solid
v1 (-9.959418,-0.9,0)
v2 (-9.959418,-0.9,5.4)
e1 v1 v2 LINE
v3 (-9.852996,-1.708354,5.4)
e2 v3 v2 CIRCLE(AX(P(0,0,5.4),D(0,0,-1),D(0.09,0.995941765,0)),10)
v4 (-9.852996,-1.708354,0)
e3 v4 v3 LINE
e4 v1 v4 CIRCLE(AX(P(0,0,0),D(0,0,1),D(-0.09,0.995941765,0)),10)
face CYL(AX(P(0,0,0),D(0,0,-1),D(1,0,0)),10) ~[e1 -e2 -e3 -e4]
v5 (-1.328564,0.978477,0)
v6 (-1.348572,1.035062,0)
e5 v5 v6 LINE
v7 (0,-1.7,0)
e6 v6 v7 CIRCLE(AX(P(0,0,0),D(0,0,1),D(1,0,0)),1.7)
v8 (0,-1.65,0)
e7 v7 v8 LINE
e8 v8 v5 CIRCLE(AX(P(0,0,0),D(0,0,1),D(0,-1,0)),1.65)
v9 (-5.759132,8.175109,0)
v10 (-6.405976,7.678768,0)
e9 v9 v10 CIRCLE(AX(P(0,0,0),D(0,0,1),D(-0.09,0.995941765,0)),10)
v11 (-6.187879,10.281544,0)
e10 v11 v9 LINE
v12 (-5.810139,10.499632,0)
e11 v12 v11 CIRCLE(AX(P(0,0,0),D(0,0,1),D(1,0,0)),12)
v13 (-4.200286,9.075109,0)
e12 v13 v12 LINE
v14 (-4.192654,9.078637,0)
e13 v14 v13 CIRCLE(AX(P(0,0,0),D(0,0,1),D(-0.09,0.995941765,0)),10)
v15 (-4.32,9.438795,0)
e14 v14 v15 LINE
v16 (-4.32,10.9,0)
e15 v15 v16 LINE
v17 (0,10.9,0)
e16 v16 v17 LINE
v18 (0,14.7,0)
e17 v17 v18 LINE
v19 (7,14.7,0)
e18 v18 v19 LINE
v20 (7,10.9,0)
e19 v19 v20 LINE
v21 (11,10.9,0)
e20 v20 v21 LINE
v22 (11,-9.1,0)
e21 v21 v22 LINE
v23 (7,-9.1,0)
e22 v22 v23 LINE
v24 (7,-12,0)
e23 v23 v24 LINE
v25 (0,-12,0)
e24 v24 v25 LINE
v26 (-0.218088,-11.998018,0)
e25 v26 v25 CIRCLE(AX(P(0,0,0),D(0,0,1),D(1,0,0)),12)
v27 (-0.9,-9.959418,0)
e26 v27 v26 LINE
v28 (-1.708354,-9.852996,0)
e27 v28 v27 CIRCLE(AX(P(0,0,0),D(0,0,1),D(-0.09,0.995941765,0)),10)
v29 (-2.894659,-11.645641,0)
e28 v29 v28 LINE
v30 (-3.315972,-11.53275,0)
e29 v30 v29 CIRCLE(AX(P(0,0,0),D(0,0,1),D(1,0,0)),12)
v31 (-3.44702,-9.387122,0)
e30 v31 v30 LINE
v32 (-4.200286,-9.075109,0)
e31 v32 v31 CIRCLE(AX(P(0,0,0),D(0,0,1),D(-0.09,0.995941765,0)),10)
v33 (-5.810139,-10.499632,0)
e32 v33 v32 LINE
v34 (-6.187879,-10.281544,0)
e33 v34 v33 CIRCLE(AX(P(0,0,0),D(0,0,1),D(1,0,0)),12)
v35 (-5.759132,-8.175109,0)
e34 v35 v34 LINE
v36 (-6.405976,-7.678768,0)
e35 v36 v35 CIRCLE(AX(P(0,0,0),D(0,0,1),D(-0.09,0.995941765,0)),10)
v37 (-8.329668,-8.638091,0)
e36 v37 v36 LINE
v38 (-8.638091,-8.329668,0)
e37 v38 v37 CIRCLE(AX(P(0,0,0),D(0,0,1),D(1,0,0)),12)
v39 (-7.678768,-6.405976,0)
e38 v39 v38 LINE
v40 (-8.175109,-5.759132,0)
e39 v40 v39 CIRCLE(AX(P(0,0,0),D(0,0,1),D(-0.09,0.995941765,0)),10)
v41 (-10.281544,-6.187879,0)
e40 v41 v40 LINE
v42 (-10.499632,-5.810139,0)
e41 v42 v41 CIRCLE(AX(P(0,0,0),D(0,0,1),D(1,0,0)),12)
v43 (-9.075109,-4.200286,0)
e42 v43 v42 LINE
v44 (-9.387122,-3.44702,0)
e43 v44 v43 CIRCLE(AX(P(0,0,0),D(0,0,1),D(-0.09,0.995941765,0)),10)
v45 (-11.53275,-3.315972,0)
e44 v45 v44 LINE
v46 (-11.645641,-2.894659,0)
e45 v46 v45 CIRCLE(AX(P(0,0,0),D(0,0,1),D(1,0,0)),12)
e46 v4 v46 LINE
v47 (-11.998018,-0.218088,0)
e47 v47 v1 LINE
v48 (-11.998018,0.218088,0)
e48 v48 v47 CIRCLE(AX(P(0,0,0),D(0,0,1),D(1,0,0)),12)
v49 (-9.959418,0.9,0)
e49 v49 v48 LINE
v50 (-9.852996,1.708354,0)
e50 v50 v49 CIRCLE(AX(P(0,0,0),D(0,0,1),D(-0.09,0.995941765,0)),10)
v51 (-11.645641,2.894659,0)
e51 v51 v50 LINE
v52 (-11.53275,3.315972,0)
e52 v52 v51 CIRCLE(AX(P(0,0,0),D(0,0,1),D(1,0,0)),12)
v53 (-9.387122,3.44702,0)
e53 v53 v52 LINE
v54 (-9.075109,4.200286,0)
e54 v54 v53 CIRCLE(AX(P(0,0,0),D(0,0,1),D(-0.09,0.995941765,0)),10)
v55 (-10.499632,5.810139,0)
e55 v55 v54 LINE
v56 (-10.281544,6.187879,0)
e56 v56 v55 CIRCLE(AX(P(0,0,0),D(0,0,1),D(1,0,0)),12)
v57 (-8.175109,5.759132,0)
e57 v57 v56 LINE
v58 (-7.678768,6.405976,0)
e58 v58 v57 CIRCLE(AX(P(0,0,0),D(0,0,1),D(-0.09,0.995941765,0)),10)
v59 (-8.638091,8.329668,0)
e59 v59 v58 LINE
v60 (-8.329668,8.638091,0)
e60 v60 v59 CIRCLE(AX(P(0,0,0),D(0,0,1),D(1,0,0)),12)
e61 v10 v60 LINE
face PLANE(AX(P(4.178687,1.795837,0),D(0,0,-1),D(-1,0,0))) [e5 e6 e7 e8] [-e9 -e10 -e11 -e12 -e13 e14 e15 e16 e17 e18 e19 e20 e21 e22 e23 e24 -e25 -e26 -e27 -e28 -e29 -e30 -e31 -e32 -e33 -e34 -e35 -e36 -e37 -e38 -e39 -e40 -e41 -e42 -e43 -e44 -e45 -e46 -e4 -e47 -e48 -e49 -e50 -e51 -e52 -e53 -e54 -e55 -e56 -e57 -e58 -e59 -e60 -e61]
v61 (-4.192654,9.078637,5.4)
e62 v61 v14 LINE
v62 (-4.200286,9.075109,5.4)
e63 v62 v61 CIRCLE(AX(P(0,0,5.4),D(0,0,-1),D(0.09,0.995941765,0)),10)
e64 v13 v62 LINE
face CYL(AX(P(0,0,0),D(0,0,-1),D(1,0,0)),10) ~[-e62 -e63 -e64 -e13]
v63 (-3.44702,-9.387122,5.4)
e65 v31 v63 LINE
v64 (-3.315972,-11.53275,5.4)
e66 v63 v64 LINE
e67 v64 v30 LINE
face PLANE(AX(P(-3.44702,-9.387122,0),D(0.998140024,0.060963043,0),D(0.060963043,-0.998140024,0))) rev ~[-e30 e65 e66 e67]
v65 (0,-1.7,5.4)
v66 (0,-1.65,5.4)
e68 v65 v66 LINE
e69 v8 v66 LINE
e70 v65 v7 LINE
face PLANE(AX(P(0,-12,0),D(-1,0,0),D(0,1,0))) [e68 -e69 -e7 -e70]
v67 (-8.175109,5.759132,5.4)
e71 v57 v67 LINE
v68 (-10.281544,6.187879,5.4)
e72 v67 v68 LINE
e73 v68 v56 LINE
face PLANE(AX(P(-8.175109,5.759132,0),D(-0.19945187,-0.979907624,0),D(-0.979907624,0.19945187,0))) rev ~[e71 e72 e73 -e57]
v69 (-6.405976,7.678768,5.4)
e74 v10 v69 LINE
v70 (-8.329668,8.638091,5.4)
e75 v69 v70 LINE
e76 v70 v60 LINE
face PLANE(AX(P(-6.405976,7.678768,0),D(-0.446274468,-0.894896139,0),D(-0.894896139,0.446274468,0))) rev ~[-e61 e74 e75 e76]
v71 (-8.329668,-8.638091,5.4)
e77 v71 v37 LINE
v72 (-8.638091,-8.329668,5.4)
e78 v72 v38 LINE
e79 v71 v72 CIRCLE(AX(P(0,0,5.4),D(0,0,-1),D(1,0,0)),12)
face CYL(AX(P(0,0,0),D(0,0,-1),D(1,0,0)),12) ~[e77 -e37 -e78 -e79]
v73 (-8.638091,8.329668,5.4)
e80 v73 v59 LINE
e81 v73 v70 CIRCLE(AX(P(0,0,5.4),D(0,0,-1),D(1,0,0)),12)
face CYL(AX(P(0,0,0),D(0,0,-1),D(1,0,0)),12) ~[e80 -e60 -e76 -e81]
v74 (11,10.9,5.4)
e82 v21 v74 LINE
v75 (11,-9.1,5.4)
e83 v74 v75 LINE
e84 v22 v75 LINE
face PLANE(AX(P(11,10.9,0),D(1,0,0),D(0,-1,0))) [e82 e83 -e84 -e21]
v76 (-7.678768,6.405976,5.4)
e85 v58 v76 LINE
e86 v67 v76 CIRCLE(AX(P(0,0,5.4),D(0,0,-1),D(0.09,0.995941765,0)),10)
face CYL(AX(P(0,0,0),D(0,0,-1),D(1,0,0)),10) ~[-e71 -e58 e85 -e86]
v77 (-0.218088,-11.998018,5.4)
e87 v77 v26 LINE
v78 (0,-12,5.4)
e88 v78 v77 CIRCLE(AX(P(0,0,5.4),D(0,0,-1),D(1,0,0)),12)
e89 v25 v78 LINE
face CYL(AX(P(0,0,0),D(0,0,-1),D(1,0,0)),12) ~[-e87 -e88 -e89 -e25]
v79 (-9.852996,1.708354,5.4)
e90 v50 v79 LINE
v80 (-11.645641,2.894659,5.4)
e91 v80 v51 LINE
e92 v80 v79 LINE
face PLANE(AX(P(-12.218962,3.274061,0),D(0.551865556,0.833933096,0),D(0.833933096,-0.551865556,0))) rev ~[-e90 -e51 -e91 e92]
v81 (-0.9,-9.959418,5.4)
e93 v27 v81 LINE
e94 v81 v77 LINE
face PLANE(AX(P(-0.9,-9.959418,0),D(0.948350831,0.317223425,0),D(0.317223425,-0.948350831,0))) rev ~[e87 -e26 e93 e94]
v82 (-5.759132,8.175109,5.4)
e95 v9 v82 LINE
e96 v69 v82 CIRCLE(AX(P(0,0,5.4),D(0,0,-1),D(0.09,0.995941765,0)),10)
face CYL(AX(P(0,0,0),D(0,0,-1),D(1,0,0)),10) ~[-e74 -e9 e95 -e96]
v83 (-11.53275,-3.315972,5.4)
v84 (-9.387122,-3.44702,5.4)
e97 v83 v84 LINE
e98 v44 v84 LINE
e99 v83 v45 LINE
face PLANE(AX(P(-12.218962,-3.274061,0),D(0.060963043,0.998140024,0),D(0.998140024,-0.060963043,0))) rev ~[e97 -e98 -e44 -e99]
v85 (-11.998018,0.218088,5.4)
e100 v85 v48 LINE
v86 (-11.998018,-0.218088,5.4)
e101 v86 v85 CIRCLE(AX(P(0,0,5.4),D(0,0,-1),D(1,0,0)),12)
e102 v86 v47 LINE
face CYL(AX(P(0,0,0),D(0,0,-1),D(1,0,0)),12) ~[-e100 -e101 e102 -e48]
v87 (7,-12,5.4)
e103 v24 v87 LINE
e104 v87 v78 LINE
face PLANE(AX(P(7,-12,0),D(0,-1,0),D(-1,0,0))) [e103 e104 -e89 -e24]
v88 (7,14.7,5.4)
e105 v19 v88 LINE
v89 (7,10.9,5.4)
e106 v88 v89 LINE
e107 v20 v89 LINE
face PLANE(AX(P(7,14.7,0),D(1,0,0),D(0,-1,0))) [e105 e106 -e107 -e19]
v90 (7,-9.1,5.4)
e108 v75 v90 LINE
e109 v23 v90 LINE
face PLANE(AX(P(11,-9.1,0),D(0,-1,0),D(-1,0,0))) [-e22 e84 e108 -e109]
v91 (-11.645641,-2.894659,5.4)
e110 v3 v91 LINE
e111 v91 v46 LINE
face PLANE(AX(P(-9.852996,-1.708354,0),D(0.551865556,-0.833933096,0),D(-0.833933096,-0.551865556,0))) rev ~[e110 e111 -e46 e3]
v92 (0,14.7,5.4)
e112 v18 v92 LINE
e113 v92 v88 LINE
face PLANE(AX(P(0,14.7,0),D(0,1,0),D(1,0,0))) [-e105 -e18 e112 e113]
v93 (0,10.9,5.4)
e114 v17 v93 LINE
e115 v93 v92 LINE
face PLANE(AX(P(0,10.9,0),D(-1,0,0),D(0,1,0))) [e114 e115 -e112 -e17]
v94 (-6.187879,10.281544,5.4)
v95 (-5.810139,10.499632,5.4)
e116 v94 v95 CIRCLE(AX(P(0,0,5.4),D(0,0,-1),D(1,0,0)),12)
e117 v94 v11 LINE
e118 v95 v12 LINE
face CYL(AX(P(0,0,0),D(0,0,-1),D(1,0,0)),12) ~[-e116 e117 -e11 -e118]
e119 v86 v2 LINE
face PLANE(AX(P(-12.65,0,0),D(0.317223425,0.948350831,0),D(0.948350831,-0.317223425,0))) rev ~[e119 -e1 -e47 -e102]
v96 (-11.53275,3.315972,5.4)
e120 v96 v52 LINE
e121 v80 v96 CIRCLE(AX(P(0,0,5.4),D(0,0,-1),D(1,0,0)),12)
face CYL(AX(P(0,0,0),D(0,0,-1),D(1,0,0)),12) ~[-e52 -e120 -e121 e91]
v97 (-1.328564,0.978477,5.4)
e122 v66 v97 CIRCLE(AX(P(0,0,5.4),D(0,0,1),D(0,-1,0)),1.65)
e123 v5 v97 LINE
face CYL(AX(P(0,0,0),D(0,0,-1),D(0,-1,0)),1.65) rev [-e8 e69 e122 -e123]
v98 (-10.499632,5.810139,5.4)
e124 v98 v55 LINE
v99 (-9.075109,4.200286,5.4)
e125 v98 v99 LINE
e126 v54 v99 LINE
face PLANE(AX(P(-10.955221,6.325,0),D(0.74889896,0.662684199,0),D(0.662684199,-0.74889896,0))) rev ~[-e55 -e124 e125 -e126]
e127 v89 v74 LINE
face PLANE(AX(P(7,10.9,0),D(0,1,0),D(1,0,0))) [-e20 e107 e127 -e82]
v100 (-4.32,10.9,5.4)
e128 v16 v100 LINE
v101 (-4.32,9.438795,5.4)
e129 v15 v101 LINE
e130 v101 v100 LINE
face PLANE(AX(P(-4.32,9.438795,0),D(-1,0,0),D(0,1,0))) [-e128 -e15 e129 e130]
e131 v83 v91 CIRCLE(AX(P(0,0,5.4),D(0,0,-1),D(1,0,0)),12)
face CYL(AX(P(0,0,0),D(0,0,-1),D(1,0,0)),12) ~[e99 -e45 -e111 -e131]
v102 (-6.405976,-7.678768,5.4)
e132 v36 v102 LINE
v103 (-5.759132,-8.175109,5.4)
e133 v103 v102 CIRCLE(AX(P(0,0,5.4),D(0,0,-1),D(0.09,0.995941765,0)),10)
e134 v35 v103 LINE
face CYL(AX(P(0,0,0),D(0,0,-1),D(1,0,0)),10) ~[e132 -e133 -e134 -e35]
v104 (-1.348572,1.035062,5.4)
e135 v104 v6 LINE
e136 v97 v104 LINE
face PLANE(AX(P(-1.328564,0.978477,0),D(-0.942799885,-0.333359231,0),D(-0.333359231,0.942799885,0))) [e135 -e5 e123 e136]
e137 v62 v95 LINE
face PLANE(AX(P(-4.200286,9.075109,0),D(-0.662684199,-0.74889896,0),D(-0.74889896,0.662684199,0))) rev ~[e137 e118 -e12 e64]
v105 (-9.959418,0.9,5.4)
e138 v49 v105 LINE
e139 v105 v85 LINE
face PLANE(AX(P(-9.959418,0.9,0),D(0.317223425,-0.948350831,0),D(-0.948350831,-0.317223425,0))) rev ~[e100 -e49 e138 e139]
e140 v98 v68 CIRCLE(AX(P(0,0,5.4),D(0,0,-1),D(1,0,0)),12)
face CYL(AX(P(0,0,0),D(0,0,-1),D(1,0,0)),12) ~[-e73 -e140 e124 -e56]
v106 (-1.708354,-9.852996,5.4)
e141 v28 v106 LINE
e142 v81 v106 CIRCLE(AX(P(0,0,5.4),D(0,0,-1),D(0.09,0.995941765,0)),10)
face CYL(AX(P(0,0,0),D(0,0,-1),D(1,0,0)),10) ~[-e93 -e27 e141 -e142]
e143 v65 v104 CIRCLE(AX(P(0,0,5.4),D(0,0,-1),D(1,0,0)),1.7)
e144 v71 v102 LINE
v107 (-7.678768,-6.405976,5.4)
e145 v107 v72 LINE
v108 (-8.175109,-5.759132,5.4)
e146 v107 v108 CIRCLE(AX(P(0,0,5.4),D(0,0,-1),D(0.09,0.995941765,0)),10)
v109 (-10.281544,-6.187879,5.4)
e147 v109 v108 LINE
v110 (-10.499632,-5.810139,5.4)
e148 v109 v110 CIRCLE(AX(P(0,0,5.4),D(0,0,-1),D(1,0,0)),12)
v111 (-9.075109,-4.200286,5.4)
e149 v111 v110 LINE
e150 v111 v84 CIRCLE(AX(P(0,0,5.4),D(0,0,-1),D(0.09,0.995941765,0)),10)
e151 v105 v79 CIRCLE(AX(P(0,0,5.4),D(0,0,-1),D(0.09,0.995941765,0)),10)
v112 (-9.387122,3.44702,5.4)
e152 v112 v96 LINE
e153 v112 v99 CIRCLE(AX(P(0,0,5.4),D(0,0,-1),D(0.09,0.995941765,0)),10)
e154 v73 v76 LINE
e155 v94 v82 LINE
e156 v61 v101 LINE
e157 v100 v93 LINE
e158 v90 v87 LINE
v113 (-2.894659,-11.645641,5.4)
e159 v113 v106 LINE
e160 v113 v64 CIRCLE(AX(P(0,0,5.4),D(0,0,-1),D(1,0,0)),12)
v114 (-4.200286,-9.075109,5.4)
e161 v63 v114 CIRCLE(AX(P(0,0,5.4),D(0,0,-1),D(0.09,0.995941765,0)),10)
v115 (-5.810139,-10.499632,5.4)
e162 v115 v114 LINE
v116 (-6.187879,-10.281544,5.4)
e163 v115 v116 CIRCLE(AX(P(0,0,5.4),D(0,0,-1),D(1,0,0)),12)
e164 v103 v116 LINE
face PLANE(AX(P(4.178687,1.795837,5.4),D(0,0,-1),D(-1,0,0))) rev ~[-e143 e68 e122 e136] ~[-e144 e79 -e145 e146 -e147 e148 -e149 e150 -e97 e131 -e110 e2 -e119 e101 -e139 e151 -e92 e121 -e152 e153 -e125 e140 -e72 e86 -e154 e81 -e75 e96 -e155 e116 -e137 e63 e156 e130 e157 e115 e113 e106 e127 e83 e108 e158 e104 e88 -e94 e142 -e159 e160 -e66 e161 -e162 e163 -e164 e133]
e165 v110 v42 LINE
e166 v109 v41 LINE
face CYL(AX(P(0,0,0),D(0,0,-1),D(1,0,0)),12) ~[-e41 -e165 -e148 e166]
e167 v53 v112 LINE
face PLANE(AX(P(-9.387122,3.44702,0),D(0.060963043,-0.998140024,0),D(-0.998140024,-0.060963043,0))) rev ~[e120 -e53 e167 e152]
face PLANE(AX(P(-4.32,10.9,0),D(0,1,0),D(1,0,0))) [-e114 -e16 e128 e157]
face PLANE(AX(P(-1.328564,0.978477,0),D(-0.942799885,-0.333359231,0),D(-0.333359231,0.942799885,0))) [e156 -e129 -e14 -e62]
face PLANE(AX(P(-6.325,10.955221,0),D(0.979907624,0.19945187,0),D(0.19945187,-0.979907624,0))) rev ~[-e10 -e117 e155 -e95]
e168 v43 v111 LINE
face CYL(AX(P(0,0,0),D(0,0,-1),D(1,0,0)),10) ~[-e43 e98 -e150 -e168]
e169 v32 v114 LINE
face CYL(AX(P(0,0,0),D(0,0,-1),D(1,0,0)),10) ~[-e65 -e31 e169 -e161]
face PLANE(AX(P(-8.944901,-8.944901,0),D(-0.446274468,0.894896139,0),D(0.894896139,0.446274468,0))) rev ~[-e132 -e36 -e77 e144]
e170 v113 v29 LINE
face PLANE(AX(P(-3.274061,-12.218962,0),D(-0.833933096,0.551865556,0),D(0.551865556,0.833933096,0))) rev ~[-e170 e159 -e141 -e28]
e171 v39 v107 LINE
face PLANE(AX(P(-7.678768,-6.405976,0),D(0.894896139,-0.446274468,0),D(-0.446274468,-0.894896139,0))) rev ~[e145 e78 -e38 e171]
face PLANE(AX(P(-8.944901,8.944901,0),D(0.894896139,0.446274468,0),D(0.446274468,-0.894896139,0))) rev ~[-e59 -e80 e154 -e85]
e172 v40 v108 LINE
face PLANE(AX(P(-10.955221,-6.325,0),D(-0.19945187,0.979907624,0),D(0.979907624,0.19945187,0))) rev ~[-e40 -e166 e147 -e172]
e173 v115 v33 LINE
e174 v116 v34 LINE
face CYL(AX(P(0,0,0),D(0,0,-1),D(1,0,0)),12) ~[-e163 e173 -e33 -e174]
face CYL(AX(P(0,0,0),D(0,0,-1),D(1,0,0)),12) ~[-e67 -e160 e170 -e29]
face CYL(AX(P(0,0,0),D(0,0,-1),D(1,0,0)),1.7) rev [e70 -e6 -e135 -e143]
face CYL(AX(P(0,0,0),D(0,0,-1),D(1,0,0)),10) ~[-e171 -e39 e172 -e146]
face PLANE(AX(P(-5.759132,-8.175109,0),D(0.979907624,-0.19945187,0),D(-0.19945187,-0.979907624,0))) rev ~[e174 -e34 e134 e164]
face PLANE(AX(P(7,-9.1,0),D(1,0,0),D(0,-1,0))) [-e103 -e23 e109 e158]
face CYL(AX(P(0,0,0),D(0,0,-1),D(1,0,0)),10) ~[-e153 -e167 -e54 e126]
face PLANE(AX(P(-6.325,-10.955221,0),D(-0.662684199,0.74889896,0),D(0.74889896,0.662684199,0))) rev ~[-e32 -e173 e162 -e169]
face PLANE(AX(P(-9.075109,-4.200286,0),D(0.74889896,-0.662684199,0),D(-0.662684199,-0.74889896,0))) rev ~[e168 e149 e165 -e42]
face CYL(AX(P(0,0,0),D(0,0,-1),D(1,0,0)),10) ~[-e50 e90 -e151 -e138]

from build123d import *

# Parameters (mm, degrees)
SKETCH1_R           = 10
BOSS_EXTRUDE1_DEPTH = 5.4
BOSS_EXTRUDE2_DEPTH = 5.4
CIRPATTERN1_COUNT   = 24
SKETCH3_R           = 12.65
SKETCH3_R_2         = 12
CUT_EXTRUDE1_DEPTH  = 6
CUT_EXTRUDE2_DEPTH  = 6
SKETCH5_R           = 1.7
CUT_EXTRUDE3_DEPTH  = 6
BOSS_EXTRUDE3_DEPTH = 5.4


with BuildPart() as part:
    # Sketch1 → Boss-Extrude1 (new body)
    with BuildSketch(Plane.XY):
        Circle(SKETCH1_R)
    extrude(amount=BOSS_EXTRUDE1_DEPTH)

    # Sketch2 → Boss-Extrude2 (add)
    with BuildSketch(Plane.XY):
        with BuildLine():
            Line((0, 12.65), (-0.9, 9.959417654))
            ThreePointArc((-0.9, 9.959417654), (0, 10), (0.9, 9.959417654))
            Line((0.9, 9.959417654), (0, 12.65))
        make_face()
    boss_extrude2 = extrude(amount=BOSS_EXTRUDE2_DEPTH)

    # CirPattern1: Boss-Extrude2 ×24 about axis
    cirpattern1_axis = Axis((0, 0, 0), (0, 0, 1))
    for i in range(1, CIRPATTERN1_COUNT):
        add(boss_extrude2.rotate(cirpattern1_axis, i * 360 / CIRPATTERN1_COUNT))

    # Sketch3 → Cut-Extrude1 (cut)
    with BuildSketch(Plane.XY):
        Circle(SKETCH3_R)
        Circle(SKETCH3_R_2, mode=Mode.SUBTRACT)
    extrude(amount=CUT_EXTRUDE1_DEPTH, mode=Mode.SUBTRACT)

    # Sketch4 → Cut-Extrude2 (cut)
    with BuildSketch(Plane.XY):
        with BuildLine():
            Line((0, 0), (0, -12))
            ThreePointArc((0, -12), (11.769423365, 2.341083864), (-4.592201188, 11.08655439))
            Line((-4.592201188, 11.08655439), (-3.826834324, 9.238795325))
            Line((-3.826834324, 9.238795325), (0, 0))
        make_face()
    extrude(amount=CUT_EXTRUDE2_DEPTH, mode=Mode.SUBTRACT)

    # Sketch5 → Cut-Extrude3 (cut)
    with BuildSketch(Plane.XY):
        Circle(SKETCH5_R)
    extrude(amount=CUT_EXTRUDE3_DEPTH, mode=Mode.SUBTRACT)

    # Sketch6 → Boss-Extrude3 (add)
    with BuildSketch(Plane.XY):
        with BuildLine():
            Line((-4.32, 9.438795325), (-4.32, 10.9))
            Line((-4.32, 10.9), (0, 10.9))
            Line((0, 10.9), (0, 14.7))
            Line((0, 14.7), (7, 14.7))
            Line((7, 14.7), (7, 10.9))
            Line((7, 10.9), (11, 10.9))
            Line((11, 10.9), (11, -9.1))
            Line((11, -9.1), (7, -9.1))
            Line((7, -9.1), (7, -12))
            Line((7, -12), (0, -12))
            Line((0, -12), (0, -1.65))
            ThreePointArc((0, -1.65), (1.472580529, 0.744316187), (-1.328564272, 0.978476865))
            Line((-1.328564272, 0.978476865), (-4.32, 9.438795325))
        make_face()
    extrude(amount=BOSS_EXTRUDE3_DEPTH)


solid = part.part
